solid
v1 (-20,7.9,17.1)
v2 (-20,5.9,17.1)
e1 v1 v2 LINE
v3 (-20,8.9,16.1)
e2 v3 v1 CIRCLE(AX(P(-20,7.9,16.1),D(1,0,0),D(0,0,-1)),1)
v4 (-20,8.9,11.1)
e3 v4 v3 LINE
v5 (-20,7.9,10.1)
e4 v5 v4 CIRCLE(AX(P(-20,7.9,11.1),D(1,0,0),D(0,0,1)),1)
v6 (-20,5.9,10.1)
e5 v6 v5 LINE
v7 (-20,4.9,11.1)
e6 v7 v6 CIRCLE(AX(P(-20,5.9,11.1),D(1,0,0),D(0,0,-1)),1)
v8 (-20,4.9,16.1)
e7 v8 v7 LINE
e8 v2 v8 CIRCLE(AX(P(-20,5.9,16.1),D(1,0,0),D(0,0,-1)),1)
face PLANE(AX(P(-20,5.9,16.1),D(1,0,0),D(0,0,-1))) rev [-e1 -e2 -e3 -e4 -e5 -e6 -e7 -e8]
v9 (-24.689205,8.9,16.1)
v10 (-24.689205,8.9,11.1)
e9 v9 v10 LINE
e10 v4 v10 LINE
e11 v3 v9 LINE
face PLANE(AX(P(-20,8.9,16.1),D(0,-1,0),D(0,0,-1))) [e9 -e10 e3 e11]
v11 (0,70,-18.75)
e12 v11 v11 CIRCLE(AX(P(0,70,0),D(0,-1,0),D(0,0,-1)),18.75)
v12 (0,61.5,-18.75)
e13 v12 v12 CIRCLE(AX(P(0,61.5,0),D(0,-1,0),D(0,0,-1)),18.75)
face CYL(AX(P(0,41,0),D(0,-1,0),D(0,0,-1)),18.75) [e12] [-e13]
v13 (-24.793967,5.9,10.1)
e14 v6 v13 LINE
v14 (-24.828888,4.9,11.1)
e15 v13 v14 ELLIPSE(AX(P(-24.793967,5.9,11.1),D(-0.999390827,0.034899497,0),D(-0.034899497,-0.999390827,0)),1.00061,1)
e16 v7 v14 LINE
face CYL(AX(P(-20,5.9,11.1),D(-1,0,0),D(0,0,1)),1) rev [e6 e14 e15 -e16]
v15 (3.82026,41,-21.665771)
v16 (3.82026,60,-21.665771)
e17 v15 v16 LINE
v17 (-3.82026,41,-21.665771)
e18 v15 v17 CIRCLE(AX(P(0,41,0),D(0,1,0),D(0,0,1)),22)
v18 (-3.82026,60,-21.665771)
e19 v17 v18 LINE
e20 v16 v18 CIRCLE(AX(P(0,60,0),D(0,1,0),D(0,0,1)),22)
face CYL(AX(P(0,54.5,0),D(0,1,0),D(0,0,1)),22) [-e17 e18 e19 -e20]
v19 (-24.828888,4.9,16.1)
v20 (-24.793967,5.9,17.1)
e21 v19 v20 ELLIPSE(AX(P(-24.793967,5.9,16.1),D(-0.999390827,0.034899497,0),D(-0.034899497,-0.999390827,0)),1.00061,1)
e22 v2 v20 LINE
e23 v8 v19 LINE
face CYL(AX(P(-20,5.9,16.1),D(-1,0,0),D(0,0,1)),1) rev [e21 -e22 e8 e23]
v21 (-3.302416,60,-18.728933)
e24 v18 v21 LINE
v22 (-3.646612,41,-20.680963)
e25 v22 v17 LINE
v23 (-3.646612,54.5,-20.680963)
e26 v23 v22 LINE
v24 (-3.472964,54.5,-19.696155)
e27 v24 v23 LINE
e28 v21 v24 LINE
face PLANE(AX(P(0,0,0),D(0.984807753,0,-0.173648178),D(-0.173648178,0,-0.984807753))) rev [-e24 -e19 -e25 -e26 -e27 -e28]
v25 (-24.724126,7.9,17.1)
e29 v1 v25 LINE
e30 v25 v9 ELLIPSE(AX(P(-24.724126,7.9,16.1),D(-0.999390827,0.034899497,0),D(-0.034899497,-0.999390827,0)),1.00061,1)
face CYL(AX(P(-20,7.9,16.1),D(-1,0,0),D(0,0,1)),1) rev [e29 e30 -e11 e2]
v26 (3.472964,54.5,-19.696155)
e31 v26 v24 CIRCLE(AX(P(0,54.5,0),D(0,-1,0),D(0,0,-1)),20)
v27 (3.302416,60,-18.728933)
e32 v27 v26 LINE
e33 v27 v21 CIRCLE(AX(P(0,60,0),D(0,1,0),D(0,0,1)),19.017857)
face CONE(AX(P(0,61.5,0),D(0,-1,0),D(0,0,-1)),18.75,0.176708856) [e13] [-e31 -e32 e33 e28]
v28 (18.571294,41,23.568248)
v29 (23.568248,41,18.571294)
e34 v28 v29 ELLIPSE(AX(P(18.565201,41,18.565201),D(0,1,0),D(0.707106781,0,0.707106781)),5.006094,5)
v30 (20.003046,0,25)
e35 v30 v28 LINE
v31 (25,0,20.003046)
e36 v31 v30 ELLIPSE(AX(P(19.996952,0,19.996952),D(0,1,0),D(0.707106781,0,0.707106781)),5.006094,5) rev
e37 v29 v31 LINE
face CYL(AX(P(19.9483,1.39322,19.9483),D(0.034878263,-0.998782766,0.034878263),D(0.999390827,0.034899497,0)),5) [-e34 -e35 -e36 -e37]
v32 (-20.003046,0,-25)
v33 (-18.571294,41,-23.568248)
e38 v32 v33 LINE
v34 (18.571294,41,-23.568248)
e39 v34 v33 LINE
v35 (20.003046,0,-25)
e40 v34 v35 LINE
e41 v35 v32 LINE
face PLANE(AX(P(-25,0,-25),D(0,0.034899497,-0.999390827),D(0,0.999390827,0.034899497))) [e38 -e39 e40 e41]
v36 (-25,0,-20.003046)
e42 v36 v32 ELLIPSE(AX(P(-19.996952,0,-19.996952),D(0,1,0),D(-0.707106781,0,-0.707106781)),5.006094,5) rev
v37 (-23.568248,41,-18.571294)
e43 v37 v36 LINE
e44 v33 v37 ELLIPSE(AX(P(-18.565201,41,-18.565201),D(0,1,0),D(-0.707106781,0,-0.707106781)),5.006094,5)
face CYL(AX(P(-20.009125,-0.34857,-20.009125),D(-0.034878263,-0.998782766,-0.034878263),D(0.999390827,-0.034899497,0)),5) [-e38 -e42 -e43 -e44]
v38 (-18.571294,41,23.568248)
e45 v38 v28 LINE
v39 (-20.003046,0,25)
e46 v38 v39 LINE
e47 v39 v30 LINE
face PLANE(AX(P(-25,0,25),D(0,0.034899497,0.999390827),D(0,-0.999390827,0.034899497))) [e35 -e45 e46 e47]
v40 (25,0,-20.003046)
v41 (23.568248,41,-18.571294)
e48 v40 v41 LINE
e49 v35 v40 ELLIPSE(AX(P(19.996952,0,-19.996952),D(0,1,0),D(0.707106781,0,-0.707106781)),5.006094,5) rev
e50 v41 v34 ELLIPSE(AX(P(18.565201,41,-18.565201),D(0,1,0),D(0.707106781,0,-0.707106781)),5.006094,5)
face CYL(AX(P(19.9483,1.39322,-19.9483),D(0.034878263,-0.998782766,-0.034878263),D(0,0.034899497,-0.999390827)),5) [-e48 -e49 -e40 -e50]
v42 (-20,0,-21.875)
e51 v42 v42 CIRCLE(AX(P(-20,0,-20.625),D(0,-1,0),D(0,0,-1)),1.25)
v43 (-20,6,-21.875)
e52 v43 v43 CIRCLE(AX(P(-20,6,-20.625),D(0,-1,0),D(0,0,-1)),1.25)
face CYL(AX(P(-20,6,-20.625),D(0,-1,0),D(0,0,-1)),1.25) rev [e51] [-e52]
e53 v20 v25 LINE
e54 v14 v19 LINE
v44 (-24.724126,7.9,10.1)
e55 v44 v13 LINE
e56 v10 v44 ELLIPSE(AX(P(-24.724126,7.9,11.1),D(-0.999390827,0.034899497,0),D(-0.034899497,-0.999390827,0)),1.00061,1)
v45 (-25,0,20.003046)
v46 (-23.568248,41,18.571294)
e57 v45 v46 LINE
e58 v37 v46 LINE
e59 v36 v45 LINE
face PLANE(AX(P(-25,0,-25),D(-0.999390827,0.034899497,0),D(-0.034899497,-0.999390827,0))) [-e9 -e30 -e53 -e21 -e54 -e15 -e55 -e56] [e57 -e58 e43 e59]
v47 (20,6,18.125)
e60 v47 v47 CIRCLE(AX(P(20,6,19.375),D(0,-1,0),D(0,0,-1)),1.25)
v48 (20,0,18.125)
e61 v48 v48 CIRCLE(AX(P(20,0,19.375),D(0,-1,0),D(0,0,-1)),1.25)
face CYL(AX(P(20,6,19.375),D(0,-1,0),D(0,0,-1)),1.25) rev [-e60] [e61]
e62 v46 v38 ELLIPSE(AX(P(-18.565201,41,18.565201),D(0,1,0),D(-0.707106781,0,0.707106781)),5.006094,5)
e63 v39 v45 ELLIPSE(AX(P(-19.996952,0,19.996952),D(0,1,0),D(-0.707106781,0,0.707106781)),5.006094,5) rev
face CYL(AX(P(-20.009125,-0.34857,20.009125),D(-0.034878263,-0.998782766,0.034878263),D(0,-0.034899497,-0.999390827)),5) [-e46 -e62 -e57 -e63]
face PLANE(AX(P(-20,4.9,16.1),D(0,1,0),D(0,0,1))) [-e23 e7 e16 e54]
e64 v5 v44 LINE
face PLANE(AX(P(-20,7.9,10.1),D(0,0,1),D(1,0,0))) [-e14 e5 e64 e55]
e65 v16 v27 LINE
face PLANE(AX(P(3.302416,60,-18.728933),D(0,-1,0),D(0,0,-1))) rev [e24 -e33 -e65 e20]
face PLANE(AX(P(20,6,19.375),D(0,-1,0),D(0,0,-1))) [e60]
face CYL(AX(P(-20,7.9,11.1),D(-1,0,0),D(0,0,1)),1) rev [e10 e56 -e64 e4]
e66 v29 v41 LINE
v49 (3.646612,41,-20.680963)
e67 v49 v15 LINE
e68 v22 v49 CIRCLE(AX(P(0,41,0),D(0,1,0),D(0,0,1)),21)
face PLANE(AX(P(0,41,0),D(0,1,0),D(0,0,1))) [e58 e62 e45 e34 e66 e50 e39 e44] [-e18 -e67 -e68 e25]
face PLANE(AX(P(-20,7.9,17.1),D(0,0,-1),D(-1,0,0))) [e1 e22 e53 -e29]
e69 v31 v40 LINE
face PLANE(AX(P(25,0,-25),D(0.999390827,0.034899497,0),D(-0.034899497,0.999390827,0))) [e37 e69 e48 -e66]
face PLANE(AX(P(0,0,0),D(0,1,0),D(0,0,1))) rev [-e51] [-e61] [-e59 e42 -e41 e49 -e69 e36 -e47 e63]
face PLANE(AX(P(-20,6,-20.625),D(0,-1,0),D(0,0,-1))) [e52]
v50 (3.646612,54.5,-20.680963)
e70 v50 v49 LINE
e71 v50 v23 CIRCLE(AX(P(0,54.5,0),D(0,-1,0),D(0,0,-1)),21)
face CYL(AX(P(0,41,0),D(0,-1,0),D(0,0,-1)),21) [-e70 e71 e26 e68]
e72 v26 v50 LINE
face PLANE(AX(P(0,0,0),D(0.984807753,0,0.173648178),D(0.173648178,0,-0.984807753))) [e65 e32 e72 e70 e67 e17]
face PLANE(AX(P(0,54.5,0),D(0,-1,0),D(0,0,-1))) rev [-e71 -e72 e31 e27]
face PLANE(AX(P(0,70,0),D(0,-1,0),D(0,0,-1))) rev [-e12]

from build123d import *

# Parameters (mm, degrees)
ESBO_O1_W                 = 50
ESBO_O1_H                 = 50
RESSALTO_EXTRUS_O1_DEPTH  = 41
RESSALTO_EXTRUS_O1_TAPER  = 2
FILETE1_R                 = 5
ESBO_O3_R                 = 1.25
CORTE_EXTRUS_O1_DEPTH     = 6
REVOLU_O2_ANGLE           = 10
REVOLU_O2_OTHER_WAY_ANGLE = 10
CORTE_EXTRUS_O2_DEPTH     = 5


with BuildPart() as part:
    # Esboço1 → Ressalto-extrusão1 (new body)
    with BuildSketch(Plane(origin=(0, 0, 0), x_dir=(1, 0, 0), z_dir=(0, 1, 0))):
        Rectangle(ESBO_O1_W, ESBO_O1_H)
    extrude(amount=RESSALTO_EXTRUS_O1_DEPTH, taper=RESSALTO_EXTRUS_O1_TAPER)

    # Esboço2 → Revolução1 (revolve)
    with BuildSketch(Plane(origin=(0, 0, 0), x_dir=(0, 0, -1), z_dir=(1, 0, 0))):
        Polygon((0, 41), (0, 70), (18.75, 70), (18.75, 61.5), (20, 54.5), (21, 54.5), (21, 41), align=None)
    revolve(axis=Axis((0, 41, 0), (0, 1, 0)))

    # Filete1
    filete1_edges = [part.edges().sort_by_distance(p)[0] for p in [
        (24.284124225, 20.5, 24.284124225),
        (-24.284124225, 20.5, 24.284124225),
        (-24.284124225, 20.5, -24.284124225),
        (24.284124225, 20.5, -24.284124225),
    ]]
    fillet(filete1_edges, radius=FILETE1_R)

    # Esboço3 → Corte-extrusão1 (cut)
    with BuildSketch(Plane(origin=(0, 0, 0), x_dir=(-1, 0, 0), z_dir=(0, -1, 0))):
        with Locations(Location((20, 20.625, 0), (0, 0, 90))):
            Circle(ESBO_O3_R)
        with Locations(Location((-20, -19.375, 0), (0, 0, 90))):
            Circle(ESBO_O3_R)
    extrude(amount=-CORTE_EXTRUS_O1_DEPTH, mode=Mode.SUBTRACT)

    # Esboço5 → Revolução2 (revolve)
    with BuildSketch(Plane(origin=(0, 0, 0), x_dir=(0, 0, -1), z_dir=(1, 0, 0))):
        Polygon((19.017857143, 60), (22, 60), (22, 41), (21, 41), (21, 54.5), (20, 54.5), align=None)
    revolve(axis=Axis((0, 41, 0), (0, -1, 0)), revolution_arc=REVOLU_O2_ANGLE)

    # Esboço5 → Revolução2 other way (revolve)
    with BuildSketch(Plane(origin=(0, 0, 0), x_dir=(0, 0, -1), z_dir=(1, 0, 0))):
        Polygon((19.017857143, 60), (22, 60), (22, 41), (21, 41), (21, 54.5), (20, 54.5), align=None)
    revolve(axis=Axis((0, 41, 0), (0, 1, 0)), revolution_arc=REVOLU_O2_OTHER_WAY_ANGLE)

    # Esboço7 → Corte-extrusão2 (cut)
    with BuildSketch(Plane(origin=(-25, 0, 0), x_dir=(0, 0, -1), z_dir=(1, 0, 0))):
        with BuildLine():
            Line((-16.1, 8.9), (-11.1, 8.9))
            ThreePointArc((-11.1, 8.9), (-10.392893219, 8.607106781), (-10.1, 7.9))
            Line((-10.1, 7.9), (-10.1, 5.9))
            ThreePointArc((-10.1, 5.9), (-10.392893219, 5.192893219), (-11.1, 4.9))
            Line((-11.1, 4.9), (-16.1, 4.9))
            ThreePointArc((-16.1, 4.9), (-16.807106781, 5.192893219), (-17.1, 5.9))
            Line((-17.1, 5.9), (-17.1, 7.9))
            ThreePointArc((-17.1, 7.9), (-16.807106781, 8.607106781), (-16.1, 8.9))
        make_face()
    extrude(amount=CORTE_EXTRUS_O2_DEPTH, mode=Mode.SUBTRACT)


solid = part.part
